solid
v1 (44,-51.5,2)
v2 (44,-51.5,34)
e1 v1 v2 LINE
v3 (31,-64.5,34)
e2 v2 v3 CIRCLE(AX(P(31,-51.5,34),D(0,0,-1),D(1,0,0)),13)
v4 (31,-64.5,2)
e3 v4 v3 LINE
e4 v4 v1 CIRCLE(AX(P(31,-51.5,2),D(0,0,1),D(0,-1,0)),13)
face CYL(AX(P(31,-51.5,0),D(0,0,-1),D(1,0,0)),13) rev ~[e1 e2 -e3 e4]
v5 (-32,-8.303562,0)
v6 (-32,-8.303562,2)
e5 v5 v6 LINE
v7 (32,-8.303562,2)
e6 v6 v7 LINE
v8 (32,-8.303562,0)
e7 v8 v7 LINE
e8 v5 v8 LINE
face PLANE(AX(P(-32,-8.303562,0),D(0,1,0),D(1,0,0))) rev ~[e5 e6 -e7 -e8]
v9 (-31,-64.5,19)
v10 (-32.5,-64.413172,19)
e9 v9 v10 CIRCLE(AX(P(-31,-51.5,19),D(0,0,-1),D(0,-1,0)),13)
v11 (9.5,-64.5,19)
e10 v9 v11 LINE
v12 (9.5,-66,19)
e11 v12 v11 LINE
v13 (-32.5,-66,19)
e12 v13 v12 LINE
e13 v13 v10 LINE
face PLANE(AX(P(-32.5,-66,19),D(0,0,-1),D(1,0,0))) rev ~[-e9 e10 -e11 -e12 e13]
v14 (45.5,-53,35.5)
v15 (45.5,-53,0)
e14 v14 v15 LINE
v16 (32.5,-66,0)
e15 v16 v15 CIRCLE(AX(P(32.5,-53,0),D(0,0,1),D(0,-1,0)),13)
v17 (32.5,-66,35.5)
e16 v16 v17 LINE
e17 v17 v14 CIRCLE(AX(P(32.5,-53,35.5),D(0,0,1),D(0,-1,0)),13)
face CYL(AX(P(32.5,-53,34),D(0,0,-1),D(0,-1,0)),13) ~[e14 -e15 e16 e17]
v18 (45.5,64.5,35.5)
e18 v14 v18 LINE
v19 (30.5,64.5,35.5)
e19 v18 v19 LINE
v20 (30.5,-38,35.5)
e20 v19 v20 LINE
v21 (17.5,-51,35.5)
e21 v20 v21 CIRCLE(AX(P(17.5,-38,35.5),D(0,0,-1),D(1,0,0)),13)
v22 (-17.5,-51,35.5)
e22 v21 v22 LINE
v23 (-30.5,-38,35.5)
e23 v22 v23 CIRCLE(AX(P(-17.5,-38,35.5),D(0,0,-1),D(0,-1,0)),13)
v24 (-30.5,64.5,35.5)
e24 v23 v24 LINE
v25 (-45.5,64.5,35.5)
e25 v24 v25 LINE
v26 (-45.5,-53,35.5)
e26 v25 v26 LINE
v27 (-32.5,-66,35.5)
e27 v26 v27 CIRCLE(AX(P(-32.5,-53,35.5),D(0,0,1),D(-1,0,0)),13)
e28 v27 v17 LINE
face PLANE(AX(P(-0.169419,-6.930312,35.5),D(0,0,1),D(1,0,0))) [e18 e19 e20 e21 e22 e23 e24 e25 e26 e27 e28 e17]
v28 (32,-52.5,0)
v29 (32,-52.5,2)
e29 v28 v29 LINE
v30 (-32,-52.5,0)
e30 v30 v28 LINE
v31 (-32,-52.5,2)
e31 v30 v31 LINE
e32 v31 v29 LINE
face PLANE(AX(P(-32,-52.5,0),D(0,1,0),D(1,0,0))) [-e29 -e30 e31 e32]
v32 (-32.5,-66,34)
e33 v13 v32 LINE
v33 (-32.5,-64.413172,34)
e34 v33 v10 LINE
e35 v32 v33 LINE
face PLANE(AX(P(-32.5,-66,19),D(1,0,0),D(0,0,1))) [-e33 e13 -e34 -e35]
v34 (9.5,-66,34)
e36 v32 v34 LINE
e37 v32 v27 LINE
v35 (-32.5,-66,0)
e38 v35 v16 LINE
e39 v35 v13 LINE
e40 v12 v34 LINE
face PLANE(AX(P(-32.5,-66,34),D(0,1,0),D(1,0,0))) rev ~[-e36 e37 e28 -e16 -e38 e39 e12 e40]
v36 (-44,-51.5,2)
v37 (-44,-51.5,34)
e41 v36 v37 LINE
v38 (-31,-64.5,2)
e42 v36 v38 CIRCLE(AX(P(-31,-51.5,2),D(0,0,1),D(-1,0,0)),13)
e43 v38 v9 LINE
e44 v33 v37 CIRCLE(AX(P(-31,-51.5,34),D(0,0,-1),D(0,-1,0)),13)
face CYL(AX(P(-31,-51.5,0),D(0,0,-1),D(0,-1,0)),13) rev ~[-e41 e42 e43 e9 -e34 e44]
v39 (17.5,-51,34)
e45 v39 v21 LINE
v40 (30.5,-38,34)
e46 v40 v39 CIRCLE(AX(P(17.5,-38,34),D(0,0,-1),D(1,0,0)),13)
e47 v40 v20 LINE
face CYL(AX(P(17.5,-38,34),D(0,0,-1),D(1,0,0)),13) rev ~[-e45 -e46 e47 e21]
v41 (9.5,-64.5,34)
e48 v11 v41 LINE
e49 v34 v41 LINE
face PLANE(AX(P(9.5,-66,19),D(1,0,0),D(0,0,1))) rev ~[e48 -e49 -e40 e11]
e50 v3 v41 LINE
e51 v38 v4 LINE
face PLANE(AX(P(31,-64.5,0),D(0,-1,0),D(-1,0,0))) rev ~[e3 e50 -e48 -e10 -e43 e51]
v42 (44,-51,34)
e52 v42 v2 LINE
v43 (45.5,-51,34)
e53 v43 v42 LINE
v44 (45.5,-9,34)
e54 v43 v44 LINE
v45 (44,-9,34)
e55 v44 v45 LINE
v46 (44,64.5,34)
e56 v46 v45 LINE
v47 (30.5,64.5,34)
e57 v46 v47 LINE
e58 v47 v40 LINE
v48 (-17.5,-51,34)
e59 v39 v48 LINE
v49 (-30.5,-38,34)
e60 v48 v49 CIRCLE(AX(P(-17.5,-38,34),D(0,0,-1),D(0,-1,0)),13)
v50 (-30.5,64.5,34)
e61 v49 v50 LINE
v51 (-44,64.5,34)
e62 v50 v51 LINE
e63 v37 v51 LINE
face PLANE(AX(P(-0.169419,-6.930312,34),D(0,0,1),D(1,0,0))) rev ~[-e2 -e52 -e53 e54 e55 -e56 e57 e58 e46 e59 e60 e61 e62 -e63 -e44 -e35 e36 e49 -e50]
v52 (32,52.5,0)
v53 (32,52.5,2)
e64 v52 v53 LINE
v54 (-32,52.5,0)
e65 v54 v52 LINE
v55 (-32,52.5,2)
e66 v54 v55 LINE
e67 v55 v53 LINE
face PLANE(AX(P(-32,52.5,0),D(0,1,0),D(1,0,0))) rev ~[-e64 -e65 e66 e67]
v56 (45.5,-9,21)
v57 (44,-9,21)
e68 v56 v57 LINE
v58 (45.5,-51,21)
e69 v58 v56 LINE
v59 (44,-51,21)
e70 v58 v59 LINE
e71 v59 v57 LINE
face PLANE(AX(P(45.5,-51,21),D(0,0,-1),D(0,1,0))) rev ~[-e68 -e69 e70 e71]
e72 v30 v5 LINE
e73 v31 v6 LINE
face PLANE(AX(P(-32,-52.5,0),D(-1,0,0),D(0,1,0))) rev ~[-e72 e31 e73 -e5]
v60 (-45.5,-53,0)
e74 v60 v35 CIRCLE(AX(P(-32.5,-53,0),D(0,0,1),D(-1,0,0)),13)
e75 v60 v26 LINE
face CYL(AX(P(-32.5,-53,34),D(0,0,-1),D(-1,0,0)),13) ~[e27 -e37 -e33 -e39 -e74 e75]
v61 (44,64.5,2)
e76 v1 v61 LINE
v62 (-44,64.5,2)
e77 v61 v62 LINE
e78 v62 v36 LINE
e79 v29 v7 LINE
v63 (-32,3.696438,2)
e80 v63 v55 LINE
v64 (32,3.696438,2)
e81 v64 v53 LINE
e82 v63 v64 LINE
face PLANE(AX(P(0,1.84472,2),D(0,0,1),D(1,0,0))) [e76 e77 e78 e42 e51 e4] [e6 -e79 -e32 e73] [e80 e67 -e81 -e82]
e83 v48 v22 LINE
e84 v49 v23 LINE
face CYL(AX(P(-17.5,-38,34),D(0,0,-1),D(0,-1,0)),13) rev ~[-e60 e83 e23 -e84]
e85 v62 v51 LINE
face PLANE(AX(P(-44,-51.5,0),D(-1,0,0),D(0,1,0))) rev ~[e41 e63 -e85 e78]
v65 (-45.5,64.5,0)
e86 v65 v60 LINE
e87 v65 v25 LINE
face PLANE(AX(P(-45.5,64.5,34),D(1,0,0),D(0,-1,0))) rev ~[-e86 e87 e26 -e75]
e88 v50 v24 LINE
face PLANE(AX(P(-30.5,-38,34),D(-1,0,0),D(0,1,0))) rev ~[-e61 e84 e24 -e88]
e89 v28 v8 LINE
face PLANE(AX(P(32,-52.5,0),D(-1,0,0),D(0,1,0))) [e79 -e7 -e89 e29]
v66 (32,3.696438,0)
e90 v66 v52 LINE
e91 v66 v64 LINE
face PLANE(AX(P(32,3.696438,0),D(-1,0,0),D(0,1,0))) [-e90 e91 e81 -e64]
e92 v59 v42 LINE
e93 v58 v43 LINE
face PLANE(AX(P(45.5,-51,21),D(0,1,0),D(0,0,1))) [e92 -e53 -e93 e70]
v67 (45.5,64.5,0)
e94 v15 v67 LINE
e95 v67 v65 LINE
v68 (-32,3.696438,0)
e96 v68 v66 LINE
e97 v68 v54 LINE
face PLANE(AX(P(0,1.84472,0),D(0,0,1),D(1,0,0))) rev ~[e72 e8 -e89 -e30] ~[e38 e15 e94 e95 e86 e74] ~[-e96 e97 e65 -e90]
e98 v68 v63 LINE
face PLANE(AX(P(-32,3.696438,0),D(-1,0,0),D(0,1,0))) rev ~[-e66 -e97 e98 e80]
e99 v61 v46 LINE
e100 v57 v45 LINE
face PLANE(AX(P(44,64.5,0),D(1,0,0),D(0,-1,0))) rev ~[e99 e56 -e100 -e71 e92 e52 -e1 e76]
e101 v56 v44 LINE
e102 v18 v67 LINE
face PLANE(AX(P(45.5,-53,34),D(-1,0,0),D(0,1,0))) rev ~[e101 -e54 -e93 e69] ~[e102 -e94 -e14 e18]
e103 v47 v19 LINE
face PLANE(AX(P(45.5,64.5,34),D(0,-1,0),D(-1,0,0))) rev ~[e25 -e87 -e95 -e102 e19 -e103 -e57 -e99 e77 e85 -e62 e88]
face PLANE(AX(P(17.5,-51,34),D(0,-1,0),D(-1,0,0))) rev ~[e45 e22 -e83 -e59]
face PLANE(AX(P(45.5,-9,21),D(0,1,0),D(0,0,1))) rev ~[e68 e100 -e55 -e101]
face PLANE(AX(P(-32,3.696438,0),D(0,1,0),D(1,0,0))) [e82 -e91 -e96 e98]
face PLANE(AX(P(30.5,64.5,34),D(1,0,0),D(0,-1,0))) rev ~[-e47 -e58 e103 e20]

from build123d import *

# Parameters (mm, degrees)
F0_W     = 64
F0_H     = 44.1964381933
F0_H_2   = 48.8035618067
F1_DEPTH = 2
F2_DEPTH = 34
F3_W     = 42
F3_H     = 13
F4_DEPTH = 5
F5_W     = 42
F5_H     = 15
F6_DEPTH = 5
F7_W     = 1.5
F7_H     = 73.5
F8_DEPTH = 1.5


with BuildPart() as f1:
    # F0 (on Top) → F1 (new body)
    with BuildSketch(Plane.XY):
        with BuildLine():
            Line((-31, -64.5), (31, -64.5))
            ThreePointArc((31, -64.5), (40.1923881554, -60.6923881554), (44, -51.5))
            Line((44, -51.5), (44, 64.5))
            Line((44, 64.5), (-44, 64.5))
            Line((-44, 64.5), (-44, -51.5))
            ThreePointArc((-44, -51.5), (-40.1923881554, -60.6923881554), (-31, -64.5))
        make_face()
        with Locations((0, -30.4017809033)):
            Rectangle(F0_W, F0_H, mode=Mode.SUBTRACT)
        with Locations((0, 28.0982190967)):
            Rectangle(F0_W, F0_H_2, mode=Mode.SUBTRACT)
    extrude(amount=F1_DEPTH)

    # F0 (on Top) → F2 (join)
    with BuildSketch(Plane.XY):
        with BuildLine():
            ThreePointArc((44, -51.5), (40.1923881554, -60.6923881554), (31, -64.5))
            Line((31, -64.5), (-31, -64.5))
            ThreePointArc((-31, -64.5), (-40.1923881554, -60.6923881554), (-44, -51.5))
            Line((-44, -51.5), (-44, 64.5))
            Line((-44, 64.5), (-45.5, 64.5))
            Line((-45.5, 64.5), (-45.5, -53))
            ThreePointArc((-45.5, -53), (-41.6923881554, -62.1923881554), (-32.5, -66))
            Line((-32.5, -66), (32.5, -66))
            ThreePointArc((32.5, -66), (41.6923881554, -62.1923881554), (45.5, -53))
            Line((45.5, -53), (45.5, 64.5))
            Line((45.5, 64.5), (44, 64.5))
            Line((44, 64.5), (44, -51.5))
        make_face()
    extrude(amount=F2_DEPTH)

    # F3 (on face) → F4 (cut)
    with BuildSketch(Plane.YZ.offset(45.5)):
        with Locations((-30, 27.5)):
            Rectangle(F3_W, F3_H)
    extrude(amount=-F4_DEPTH, mode=Mode.SUBTRACT)

    # F5 (on face) → F6 (cut)
    with BuildSketch(Plane.XZ.offset(66)):
        with Locations((-11.5, 26.5)):
            Rectangle(F5_W, F5_H)
    extrude(amount=-F6_DEPTH, mode=Mode.SUBTRACT)

    # F7 (on face) → F8 (join)
    with BuildSketch(Plane.XY.offset(34)):
        with BuildLine():
            Line((44, -9), (44, 64.5))
            Line((44, 64.5), (30.5, 64.5))
            Line((30.5, 64.5), (30.5, 51))
            Line((30.5, 51), (30.5, -38))
            ThreePointArc((30.5, -38), (26.6923881554, -47.1923881554), (17.5, -51))
            Line((17.5, -51), (-17.5, -51))
            ThreePointArc((-17.5, -51), (-26.6923881554, -47.1923881554), (-30.5, -38))
            Line((-30.5, -38), (-30.5, 51))
            Line((-30.5, 51), (-30.5, 64.5))
            Line((-30.5, 64.5), (-45.5, 64.5))
            Line((-45.5, 64.5), (-45.5, -53))
            ThreePointArc((-45.5, -53), (-41.6923881554, -62.1923881554), (-32.5, -66))
            Line((-32.5, -66), (32.5, -66))
            ThreePointArc((32.5, -66), (41.6923881554, -62.1923881554), (45.5, -53))
            Line((45.5, -53), (45.5, -9))
            Line((45.5, -9), (44, -9))
        make_face()
        with Locations((44.75, 27.75)):
            Rectangle(F7_W, F7_H)
    extrude(amount=F8_DEPTH)


solid = f1.part
